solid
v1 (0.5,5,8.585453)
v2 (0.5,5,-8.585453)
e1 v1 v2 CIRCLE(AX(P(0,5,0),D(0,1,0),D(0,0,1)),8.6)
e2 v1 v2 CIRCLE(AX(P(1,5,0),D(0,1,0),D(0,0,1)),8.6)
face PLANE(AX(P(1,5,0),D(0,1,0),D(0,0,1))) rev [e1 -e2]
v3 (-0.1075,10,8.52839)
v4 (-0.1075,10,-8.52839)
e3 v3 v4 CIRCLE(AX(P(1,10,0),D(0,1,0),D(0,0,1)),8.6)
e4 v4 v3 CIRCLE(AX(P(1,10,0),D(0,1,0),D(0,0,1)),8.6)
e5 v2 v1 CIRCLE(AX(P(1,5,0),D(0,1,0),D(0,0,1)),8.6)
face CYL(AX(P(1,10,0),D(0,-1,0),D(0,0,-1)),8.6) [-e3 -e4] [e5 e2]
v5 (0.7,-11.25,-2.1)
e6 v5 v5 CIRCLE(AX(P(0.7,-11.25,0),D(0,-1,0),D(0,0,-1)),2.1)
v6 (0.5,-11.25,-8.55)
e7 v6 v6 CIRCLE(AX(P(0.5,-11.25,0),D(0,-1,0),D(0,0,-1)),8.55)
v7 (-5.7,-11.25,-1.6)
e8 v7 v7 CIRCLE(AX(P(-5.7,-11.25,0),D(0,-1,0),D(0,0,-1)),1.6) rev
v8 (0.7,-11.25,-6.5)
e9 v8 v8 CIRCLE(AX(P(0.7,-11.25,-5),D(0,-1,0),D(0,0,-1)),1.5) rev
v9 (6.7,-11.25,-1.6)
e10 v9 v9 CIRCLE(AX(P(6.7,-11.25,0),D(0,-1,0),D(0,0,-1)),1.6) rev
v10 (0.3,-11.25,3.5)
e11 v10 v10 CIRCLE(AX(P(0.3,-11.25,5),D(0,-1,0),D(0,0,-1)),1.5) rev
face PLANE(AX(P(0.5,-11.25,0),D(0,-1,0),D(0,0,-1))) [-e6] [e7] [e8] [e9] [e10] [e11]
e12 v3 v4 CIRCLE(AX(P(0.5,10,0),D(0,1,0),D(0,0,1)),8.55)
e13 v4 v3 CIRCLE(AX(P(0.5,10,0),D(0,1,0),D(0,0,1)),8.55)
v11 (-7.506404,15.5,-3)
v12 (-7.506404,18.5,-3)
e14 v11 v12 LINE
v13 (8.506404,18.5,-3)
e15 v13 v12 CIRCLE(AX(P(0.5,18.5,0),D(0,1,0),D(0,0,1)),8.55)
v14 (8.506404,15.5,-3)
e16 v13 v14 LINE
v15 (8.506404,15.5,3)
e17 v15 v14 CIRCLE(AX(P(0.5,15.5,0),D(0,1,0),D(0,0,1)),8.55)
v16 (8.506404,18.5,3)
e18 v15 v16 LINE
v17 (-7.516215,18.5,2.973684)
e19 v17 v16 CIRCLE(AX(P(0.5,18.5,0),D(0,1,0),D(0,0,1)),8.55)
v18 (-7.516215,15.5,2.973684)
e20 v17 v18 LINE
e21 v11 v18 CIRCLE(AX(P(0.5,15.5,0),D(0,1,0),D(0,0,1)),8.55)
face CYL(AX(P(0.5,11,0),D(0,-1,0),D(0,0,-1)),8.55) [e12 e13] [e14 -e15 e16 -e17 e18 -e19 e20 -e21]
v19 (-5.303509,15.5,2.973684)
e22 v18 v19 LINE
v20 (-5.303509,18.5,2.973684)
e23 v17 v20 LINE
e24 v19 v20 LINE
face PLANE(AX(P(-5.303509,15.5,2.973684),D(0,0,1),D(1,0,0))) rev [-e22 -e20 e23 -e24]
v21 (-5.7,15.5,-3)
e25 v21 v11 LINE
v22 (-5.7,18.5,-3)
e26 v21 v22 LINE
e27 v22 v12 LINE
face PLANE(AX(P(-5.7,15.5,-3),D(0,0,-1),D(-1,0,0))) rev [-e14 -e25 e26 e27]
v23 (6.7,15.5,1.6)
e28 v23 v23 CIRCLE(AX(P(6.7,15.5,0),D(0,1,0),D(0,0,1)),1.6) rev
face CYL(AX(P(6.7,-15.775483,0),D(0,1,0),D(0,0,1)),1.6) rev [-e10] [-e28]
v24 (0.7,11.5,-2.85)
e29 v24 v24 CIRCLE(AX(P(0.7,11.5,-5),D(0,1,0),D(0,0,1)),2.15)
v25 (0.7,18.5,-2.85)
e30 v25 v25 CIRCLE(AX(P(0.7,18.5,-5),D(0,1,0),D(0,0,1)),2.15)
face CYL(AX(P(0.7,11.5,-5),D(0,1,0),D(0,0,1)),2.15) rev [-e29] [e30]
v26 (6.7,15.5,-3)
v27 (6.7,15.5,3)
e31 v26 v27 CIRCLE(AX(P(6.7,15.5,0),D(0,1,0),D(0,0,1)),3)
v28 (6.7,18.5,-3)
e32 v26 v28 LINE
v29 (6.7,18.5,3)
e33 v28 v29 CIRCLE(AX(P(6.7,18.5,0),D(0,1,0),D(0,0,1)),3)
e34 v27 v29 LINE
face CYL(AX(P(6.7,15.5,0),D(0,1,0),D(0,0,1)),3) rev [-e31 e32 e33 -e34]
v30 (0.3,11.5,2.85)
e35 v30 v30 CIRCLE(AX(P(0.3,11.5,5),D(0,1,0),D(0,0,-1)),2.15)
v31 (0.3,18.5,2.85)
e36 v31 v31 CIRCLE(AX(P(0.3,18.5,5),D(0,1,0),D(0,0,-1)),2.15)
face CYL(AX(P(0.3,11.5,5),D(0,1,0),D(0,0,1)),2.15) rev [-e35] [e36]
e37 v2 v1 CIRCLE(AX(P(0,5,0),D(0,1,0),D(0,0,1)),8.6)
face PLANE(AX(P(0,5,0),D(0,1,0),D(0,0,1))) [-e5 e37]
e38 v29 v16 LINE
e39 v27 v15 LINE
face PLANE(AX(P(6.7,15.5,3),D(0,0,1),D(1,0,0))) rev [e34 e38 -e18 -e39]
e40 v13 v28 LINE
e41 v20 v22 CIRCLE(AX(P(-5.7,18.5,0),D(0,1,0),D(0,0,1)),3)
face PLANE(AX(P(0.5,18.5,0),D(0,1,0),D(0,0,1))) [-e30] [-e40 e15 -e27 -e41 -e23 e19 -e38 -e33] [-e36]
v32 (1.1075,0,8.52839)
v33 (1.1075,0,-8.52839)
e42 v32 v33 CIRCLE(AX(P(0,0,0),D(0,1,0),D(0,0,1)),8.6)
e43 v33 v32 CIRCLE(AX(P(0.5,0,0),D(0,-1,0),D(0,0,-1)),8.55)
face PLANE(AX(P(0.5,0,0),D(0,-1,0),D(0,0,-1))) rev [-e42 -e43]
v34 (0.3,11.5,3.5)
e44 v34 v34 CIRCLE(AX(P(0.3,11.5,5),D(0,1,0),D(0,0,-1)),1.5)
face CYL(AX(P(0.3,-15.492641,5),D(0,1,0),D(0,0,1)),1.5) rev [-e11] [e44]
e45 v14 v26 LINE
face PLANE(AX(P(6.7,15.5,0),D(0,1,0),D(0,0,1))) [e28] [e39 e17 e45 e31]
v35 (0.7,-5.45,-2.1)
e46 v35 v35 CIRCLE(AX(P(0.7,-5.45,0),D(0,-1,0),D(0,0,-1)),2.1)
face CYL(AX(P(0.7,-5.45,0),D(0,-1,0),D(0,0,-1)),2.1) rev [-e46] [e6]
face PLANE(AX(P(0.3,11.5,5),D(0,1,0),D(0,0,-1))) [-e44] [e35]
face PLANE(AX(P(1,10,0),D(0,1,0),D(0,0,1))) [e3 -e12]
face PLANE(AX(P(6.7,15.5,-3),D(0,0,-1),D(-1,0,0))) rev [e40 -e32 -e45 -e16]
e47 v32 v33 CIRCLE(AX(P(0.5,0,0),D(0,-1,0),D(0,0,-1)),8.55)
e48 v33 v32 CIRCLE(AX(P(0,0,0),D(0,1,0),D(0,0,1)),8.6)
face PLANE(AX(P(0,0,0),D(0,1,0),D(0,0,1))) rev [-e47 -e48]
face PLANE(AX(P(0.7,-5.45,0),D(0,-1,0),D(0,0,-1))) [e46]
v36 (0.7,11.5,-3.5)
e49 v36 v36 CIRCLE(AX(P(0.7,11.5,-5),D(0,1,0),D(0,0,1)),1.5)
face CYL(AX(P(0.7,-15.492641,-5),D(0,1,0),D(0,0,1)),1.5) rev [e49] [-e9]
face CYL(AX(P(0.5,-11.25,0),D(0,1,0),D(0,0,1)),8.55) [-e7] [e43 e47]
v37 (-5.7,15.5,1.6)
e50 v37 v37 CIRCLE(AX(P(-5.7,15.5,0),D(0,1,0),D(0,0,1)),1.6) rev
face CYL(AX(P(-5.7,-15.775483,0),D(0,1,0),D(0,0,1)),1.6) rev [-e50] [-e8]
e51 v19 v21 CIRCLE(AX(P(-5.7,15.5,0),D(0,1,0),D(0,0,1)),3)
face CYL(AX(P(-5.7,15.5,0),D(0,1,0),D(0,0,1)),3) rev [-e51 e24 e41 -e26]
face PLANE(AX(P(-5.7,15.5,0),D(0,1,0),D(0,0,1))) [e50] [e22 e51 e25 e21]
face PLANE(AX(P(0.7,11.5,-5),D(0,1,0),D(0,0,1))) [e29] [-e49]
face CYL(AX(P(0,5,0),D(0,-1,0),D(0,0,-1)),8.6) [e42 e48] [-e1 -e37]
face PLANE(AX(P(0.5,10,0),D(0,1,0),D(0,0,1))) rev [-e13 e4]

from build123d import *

# Parameters (mm, degrees)
SKETCH1_R            = 8.6
BOSS_EXTRUDE11_DEPTH = 5
SKETCH20_R           = 8.6
BOSS_EXTRUDE12_DEPTH = 5
SKETCH21_R           = 8.55
BOSS_EXTRUDE13_DEPTH = 1
SKETCH22_R           = 8.55
BOSS_EXTRUDE14_DEPTH = 7.5
SKETCH24_R           = 2.15
CUT_EXTRUDE8_DEPTH   = 7
BOSS_EXTRUDE15_START = 11.25
SKETCH30_R           = 8.55
BOSS_EXTRUDE15_DEPTH = 11.25
SKETCH31_R           = 1.6
CUT_EXTRUDE12_DEPTH  = 29.75
SKETCH32_R           = 1.5
CUT_EXTRUDE13_DEPTH  = 22.75
CIRPATTERN7_COUNT    = 2
CIRPATTERN8_COUNT    = 2
SKETCH33_R           = 2.1
CUT_EXTRUDE14_DEPTH  = 5.8
CUT_EXTRUDE15_DEPTH  = 3


with BuildPart() as part:
    # Sketch1 → Boss-Extrude11 (new body)
    with BuildSketch(Plane(origin=(0, 0, 0), x_dir=(1, 0, 0), z_dir=(0, 1, 0))):
        with Locations(Location((0, 0, 0), (0, 0, 270))):
            Circle(SKETCH1_R)
    extrude(amount=BOSS_EXTRUDE11_DEPTH)

    # Sketch20 → Boss-Extrude12 (add)
    with BuildSketch(Plane(origin=(0, 5, 0), x_dir=(1, 0, 0), z_dir=(0, 1, 0))):
        with Locations(Location((1, 0, 0), (0, 0, 93.333029494))):
            Circle(SKETCH20_R)
    extrude(amount=BOSS_EXTRUDE12_DEPTH)

    # Sketch21 → Boss-Extrude13 (add)
    with BuildSketch(Plane(origin=(0, 10, 0), x_dir=(1, 0, 0), z_dir=(0, 1, 0))):
        with Locations(Location((0.5, 0, 0), (0, 0, 94.074449123))):
            Circle(SKETCH21_R)
    extrude(amount=BOSS_EXTRUDE13_DEPTH)

    # Sketch22 → Boss-Extrude14 (add)
    with BuildSketch(Plane(origin=(0, 11, 0), x_dir=(1, 0, 0), z_dir=(0, 1, 0))):
        with Locations(Location((0.5, 0, 0), (0, 0, 94.074449123))):
            Circle(SKETCH22_R)
    extrude(amount=BOSS_EXTRUDE14_DEPTH)

    # Sketch24 → Cut-Extrude8 (cut)
    with BuildSketch(Plane(origin=(0, 18.5, 0), x_dir=(1, 0, 0), z_dir=(0, 1, 0))):
        with Locations(Location((0.7, 5, 0), (0, 0, 270))):
            Circle(SKETCH24_R)
    cut_extrude8 = extrude(amount=-CUT_EXTRUDE8_DEPTH, mode=Mode.SUBTRACT)

    # Sketch30 → Boss-Extrude15 (add)
    with BuildSketch(Plane.XZ.offset(BOSS_EXTRUDE15_START)):
        with Locations(Location((0.5, 0, 0), (0, 0, 265.925550877))):
            Circle(SKETCH30_R)
    extrude(amount=-BOSS_EXTRUDE15_DEPTH)

    # Sketch31 → Cut-Extrude12 (cut)
    with BuildSketch(Plane(origin=(0, 18.5, 0), x_dir=(1, 0, 0), z_dir=(0, 1, 0))):
        with Locations(Location((6.7, 0, 0), (0, 0, 270))):
            Circle(SKETCH31_R)
    cut_extrude12 = extrude(amount=-CUT_EXTRUDE12_DEPTH, mode=Mode.SUBTRACT)

    # Sketch32 → Cut-Extrude13 (cut)
    with BuildSketch(Plane(origin=(0, 11.5, 0), x_dir=(1, 0, 0), z_dir=(0, 1, 0))):
        with Locations(Location((0.7, 5, 0), (0, 0, 270))):
            Circle(SKETCH32_R)
    cut_extrude13 = extrude(amount=-CUT_EXTRUDE13_DEPTH, mode=Mode.SUBTRACT)

    # CirPattern7: Cut-Extrude12 ×2 about axis
    cirpattern7_axis = Axis((0.5, 0, 0), (0, 1, 0))
    for i in range(1, CIRPATTERN7_COUNT):
        add(cut_extrude12.rotate(cirpattern7_axis, i * 360 / CIRPATTERN7_COUNT), mode=Mode.SUBTRACT)

    # CirPattern8: Cut-Extrude8, Cut-Extrude13 ×2 about axis
    cirpattern8_axis = Axis((0.5, 0, 0), (0, 1, 0))
    add([cut_extrude8.rotate(cirpattern8_axis, i * 360 / CIRPATTERN8_COUNT) for i in range(1, CIRPATTERN8_COUNT)], mode=Mode.SUBTRACT)
    add([cut_extrude13.rotate(cirpattern8_axis, i * 360 / CIRPATTERN8_COUNT) for i in range(1, CIRPATTERN8_COUNT)], mode=Mode.SUBTRACT)

    # Sketch33 → Cut-Extrude14 (cut)
    with BuildSketch(Plane.XZ.offset(11.25)):
        with Locations(Location((0.7, 0, 0), (0, 0, 270))):
            Circle(SKETCH33_R)
    extrude(amount=-CUT_EXTRUDE14_DEPTH, mode=Mode.SUBTRACT)

    # Sketch34 → Cut-Extrude15 (cut)
    with BuildSketch(Plane(origin=(0, 18.5, 0), x_dir=(1, 0, 0), z_dir=(0, 1, 0))):
        with BuildLine():
            Line((-5.7, 3), (-9.054437868, 3))
            Line((-9.054437868, 3), (-9.054437868, -2.973683702))
            Line((-9.054437868, -2.973683702), (-5.30350884, -2.973683702))
            ThreePointArc((-5.30350884, -2.973683702), (-2.706586304, 0.198681773), (-5.7, 3))
        make_face()
        with BuildLine():
            Line((6.7, 3), (10.113600604, 3))
            Line((10.113600604, 3), (10.113600604, -3))
            Line((10.113600604, -3), (6.7, -3))
            ThreePointArc((6.7, -3), (3.7, 0), (6.7, 3))
        make_face()
    extrude(amount=-CUT_EXTRUDE15_DEPTH, mode=Mode.SUBTRACT)


solid = part.part
